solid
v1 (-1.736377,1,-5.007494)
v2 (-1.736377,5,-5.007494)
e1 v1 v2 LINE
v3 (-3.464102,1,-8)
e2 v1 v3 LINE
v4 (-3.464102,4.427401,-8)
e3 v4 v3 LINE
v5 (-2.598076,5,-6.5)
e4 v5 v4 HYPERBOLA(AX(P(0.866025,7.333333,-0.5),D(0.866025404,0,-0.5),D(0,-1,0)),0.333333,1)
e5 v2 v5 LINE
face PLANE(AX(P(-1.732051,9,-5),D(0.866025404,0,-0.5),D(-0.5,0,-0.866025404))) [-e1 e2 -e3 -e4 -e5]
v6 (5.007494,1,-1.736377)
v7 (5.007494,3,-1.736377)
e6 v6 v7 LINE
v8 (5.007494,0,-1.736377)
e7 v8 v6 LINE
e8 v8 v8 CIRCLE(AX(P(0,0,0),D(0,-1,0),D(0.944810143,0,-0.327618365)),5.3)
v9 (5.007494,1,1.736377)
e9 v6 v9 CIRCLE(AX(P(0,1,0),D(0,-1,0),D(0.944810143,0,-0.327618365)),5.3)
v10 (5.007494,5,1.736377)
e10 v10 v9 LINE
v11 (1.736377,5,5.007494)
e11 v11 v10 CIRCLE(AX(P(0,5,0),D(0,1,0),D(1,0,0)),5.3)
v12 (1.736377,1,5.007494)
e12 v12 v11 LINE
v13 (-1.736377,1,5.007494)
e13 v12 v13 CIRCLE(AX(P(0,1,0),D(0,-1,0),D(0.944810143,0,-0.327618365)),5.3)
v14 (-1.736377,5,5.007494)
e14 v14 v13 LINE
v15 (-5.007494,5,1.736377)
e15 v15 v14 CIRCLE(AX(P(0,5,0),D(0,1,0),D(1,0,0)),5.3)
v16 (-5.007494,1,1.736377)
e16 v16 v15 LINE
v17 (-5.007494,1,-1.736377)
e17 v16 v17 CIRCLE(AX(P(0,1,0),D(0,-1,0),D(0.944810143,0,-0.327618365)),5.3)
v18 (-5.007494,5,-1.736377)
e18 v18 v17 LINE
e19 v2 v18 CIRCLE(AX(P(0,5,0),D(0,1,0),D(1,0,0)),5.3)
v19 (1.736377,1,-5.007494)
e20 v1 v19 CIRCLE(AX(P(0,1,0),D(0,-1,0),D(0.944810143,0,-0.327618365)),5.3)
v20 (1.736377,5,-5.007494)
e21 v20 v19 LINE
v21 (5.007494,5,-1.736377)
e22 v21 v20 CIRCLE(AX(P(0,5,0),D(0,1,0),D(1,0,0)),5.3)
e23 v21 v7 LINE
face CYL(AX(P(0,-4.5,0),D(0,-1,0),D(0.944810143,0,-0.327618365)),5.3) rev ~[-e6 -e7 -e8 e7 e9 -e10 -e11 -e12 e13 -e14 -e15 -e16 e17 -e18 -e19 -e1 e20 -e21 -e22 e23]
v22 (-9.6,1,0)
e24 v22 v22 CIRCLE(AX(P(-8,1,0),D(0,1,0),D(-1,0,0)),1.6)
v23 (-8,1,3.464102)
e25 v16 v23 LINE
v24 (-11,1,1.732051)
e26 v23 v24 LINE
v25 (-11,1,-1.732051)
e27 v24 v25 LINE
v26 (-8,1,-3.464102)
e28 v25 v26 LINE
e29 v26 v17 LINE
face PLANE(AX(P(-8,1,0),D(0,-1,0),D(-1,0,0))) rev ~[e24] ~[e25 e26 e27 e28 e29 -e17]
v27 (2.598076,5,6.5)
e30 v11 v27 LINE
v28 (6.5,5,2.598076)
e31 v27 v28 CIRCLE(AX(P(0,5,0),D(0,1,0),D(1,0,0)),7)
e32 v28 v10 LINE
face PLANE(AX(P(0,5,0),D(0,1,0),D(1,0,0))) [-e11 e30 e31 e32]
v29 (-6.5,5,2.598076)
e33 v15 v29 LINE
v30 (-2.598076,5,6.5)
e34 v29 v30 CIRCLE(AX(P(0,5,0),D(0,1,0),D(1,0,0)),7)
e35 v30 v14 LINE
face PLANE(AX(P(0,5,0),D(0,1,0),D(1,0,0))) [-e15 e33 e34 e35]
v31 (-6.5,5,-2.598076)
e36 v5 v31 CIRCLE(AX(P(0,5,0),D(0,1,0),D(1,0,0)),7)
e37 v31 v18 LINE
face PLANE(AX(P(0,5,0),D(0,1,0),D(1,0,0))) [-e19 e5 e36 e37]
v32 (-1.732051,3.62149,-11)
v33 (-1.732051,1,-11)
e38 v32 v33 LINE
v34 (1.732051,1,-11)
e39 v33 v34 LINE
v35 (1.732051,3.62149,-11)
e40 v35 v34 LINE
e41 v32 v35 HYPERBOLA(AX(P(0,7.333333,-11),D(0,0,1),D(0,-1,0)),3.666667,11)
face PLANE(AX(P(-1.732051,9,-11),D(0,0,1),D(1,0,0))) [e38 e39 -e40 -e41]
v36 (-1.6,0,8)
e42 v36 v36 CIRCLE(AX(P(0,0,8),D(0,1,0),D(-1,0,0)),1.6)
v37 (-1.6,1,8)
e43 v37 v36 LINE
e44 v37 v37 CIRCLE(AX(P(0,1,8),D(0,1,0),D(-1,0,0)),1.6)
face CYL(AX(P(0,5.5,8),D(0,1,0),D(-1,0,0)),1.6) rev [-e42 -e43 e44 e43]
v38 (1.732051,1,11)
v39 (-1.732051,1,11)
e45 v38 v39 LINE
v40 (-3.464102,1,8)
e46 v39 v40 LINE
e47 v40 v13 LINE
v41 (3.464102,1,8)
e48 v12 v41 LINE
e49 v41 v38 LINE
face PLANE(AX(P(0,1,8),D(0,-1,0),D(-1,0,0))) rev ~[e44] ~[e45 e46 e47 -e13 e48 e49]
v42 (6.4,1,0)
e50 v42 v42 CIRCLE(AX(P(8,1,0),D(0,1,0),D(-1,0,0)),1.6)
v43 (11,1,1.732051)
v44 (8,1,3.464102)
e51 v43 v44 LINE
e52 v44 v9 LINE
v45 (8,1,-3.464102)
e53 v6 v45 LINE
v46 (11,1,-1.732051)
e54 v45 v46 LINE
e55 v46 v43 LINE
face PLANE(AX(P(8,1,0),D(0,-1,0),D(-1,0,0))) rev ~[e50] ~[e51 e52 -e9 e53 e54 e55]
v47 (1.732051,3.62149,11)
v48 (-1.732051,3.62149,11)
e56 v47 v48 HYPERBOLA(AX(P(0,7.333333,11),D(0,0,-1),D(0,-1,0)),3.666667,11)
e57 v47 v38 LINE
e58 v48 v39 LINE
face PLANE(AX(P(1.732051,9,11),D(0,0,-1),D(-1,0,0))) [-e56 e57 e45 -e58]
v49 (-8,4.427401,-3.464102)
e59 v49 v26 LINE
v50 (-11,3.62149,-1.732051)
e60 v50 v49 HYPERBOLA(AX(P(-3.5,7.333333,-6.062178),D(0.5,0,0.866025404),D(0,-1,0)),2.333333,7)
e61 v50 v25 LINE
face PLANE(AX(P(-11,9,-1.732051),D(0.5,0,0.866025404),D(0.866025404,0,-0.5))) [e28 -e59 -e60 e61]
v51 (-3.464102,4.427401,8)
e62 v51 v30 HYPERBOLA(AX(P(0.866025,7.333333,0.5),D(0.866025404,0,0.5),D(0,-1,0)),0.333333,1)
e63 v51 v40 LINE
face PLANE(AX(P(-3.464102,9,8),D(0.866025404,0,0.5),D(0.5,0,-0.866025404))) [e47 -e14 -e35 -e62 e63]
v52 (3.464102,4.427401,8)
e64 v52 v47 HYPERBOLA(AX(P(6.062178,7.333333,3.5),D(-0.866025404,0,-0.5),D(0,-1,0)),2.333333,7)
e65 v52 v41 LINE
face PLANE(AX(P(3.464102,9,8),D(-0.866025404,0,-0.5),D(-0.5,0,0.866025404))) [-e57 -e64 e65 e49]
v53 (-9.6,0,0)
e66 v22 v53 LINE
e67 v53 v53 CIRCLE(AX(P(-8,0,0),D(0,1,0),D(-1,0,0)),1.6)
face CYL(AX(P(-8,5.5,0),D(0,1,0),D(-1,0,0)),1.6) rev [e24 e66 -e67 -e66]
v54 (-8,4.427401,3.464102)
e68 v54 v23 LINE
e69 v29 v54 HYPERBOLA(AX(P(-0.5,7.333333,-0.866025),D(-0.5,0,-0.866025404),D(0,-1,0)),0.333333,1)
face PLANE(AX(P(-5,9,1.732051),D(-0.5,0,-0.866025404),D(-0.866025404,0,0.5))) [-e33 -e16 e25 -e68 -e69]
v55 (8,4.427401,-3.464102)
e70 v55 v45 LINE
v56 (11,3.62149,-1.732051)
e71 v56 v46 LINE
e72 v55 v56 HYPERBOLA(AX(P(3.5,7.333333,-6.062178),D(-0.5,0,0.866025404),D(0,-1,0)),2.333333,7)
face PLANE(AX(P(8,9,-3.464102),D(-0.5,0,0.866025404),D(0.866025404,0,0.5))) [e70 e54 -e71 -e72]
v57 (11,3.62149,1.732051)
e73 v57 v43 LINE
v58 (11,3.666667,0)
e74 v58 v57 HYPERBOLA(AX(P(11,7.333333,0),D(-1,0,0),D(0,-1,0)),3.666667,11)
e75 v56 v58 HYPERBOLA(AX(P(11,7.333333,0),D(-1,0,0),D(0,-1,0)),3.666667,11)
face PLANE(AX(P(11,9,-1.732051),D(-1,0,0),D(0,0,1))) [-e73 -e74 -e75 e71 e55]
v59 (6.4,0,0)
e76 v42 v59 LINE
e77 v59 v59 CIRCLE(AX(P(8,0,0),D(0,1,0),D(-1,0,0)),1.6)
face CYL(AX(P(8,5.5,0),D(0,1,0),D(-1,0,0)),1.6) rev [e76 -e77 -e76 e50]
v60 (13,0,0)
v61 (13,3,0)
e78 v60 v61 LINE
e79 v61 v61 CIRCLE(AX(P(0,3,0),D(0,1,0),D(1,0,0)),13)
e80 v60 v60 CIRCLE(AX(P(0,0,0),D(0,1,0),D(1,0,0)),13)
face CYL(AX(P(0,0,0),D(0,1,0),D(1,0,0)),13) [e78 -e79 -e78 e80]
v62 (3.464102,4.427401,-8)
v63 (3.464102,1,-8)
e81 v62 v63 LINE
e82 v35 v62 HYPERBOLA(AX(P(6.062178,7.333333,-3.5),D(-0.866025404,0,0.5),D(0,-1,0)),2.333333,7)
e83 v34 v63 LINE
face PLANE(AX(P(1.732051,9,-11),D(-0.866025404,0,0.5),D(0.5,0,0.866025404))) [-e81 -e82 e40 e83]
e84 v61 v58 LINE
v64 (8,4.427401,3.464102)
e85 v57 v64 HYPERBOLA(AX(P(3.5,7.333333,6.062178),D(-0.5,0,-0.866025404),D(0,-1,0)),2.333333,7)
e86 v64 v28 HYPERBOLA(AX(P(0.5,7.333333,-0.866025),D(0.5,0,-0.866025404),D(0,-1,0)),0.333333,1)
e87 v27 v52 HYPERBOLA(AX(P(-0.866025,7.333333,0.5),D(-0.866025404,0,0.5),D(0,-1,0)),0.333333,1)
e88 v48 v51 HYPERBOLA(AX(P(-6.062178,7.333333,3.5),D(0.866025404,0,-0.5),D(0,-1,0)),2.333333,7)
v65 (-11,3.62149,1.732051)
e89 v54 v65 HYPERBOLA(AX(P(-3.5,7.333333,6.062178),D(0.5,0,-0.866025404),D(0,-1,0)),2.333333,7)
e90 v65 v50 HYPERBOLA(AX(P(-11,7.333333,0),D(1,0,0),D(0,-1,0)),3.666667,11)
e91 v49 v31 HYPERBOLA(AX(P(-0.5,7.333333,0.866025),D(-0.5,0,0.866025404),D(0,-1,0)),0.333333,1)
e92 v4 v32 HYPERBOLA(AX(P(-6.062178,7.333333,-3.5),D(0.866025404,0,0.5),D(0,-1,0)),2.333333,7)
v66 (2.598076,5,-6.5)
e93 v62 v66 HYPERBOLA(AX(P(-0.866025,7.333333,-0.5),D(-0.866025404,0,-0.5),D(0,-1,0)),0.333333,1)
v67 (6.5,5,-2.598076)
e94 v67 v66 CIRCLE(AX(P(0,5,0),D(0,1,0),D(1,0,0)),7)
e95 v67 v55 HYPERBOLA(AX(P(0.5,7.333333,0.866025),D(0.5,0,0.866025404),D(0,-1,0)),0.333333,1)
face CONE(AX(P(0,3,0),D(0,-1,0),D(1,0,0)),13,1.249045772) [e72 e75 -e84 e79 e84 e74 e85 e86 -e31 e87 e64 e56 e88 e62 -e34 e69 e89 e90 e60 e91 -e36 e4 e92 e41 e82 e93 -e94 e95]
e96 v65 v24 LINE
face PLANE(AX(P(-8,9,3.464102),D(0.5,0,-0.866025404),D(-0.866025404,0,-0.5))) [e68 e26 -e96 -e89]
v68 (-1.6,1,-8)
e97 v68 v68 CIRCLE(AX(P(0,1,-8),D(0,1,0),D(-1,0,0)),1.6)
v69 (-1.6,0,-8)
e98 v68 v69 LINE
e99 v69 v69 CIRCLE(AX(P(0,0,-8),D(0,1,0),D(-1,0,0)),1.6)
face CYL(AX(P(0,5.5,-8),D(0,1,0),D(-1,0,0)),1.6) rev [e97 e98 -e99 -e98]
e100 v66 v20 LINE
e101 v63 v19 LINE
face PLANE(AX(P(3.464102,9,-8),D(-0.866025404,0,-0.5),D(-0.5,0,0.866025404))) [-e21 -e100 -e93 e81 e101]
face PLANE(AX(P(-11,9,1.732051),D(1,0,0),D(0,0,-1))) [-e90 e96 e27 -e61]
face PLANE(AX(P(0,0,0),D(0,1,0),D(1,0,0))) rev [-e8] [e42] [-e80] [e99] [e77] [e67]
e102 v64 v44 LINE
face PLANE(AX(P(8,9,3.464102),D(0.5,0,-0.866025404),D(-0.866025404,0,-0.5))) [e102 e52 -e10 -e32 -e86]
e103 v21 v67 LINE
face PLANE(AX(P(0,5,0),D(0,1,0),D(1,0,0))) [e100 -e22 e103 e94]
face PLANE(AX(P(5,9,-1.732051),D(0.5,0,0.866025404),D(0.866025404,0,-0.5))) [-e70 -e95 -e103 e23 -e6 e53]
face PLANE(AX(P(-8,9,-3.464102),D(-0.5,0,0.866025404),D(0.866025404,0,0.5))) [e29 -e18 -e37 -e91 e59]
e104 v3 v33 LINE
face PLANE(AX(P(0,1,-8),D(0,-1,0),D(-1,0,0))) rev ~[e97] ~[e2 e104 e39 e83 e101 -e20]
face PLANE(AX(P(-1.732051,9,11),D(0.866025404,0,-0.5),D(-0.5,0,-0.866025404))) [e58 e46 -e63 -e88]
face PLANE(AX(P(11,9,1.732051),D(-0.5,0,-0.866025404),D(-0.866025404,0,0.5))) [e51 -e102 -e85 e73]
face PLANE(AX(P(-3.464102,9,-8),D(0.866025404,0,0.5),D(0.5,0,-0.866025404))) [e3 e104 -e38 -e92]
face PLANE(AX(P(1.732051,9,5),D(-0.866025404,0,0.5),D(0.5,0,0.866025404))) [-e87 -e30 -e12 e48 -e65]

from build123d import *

# Parameters (mm, degrees)
CUT_EXTRUDE_1_DEPTH      = 4.5
CUT_EXTRUDE_1_DEPTH_BACK = 3.5
SKETCH_6_R               = 1.6
CUT_EXTRUDE_2_DEPTH      = 20.189841062
CUT_EXTRUDE_START        = 10
SKETCH_8_R               = 5.3
CUT_EXTRUDE_3_DEPTH      = 10


with BuildPart() as part:
    # 草图2 → 旋转1 (revolve)
    with BuildSketch(Plane.XY, mode=Mode.PRIVATE) as revolve_1_sk:
        Polygon((0, 0), (-13, 0), (-13, 3), (-7, 5), (-5.3, 5), (-5.3, 3), (0, 3), (0, 1.5), align=None)
    revolve(revolve_1_sk.sketch.rotate(Axis((0, 0, 0), (0, 1, 0)), 180), axis=Axis((0, 0, 0), (0, 1, 0)))

    # 草图5 → 切除-拉伸1 (cut, two sides: drawn at the far end of the back side and taken through both)
    with BuildSketch(Plane(origin=(0, 5.5, 0), x_dir=(-1, 0, 0), z_dir=(0, -1, 0)).offset(-CUT_EXTRUDE_1_DEPTH_BACK)):
        Polygon((8, -3.464101615), (11, -1.732050808), (11, 1.732050808), (8, 3.464101615), (5, 1.732050808), (5, -1.732050808), align=None)
        Polygon((3.464101615, 8), (1.732050808, 11), (-1.732050808, 11), (-3.464101615, 8), (-1.732050808, 5), (1.732050808, 5), align=None)
        Polygon((-3.464101615, -8), (-1.732050808, -11), (1.732050808, -11), (3.464101615, -8), (1.732050808, -5), (-1.732050808, -5), align=None)
        Polygon((-8, 3.464101615), (-11, 1.732050808), (-11, -1.732050808), (-8, -3.464101615), (-5, -1.732050808), (-5, 1.732050808), align=None)
    extrude(amount=CUT_EXTRUDE_1_DEPTH + CUT_EXTRUDE_1_DEPTH_BACK, mode=Mode.SUBTRACT)

    # 草图6 → 切除-拉伸2 (cut, through all)
    with BuildSketch(Plane(origin=(0, 5.5, 0), x_dir=(-1, 0, 0), z_dir=(0, -1, 0))):
        with Locations((0, 8)):
            Circle(SKETCH_6_R)
        with Locations((8, 0)):
            Circle(SKETCH_6_R)
        with Locations((0, -8)):
            Circle(SKETCH_6_R)
        with Locations((-8, 0)):
            Circle(SKETCH_6_R)
    extrude(amount=CUT_EXTRUDE_2_DEPTH, mode=Mode.SUBTRACT)

    # 草图8 → 切除-拉伸3 (cut)
    with BuildSketch(Plane(origin=(0, 5.5, 0), x_dir=(-1, 0, 0), z_dir=(0, -1, 0)).offset(CUT_EXTRUDE_START)):
        with Locations(Location((0, 0, 0), (0, 0, 160.875716495))):
            Circle(SKETCH_8_R)
    extrude(amount=-CUT_EXTRUDE_3_DEPTH, mode=Mode.SUBTRACT)


solid = part.part
